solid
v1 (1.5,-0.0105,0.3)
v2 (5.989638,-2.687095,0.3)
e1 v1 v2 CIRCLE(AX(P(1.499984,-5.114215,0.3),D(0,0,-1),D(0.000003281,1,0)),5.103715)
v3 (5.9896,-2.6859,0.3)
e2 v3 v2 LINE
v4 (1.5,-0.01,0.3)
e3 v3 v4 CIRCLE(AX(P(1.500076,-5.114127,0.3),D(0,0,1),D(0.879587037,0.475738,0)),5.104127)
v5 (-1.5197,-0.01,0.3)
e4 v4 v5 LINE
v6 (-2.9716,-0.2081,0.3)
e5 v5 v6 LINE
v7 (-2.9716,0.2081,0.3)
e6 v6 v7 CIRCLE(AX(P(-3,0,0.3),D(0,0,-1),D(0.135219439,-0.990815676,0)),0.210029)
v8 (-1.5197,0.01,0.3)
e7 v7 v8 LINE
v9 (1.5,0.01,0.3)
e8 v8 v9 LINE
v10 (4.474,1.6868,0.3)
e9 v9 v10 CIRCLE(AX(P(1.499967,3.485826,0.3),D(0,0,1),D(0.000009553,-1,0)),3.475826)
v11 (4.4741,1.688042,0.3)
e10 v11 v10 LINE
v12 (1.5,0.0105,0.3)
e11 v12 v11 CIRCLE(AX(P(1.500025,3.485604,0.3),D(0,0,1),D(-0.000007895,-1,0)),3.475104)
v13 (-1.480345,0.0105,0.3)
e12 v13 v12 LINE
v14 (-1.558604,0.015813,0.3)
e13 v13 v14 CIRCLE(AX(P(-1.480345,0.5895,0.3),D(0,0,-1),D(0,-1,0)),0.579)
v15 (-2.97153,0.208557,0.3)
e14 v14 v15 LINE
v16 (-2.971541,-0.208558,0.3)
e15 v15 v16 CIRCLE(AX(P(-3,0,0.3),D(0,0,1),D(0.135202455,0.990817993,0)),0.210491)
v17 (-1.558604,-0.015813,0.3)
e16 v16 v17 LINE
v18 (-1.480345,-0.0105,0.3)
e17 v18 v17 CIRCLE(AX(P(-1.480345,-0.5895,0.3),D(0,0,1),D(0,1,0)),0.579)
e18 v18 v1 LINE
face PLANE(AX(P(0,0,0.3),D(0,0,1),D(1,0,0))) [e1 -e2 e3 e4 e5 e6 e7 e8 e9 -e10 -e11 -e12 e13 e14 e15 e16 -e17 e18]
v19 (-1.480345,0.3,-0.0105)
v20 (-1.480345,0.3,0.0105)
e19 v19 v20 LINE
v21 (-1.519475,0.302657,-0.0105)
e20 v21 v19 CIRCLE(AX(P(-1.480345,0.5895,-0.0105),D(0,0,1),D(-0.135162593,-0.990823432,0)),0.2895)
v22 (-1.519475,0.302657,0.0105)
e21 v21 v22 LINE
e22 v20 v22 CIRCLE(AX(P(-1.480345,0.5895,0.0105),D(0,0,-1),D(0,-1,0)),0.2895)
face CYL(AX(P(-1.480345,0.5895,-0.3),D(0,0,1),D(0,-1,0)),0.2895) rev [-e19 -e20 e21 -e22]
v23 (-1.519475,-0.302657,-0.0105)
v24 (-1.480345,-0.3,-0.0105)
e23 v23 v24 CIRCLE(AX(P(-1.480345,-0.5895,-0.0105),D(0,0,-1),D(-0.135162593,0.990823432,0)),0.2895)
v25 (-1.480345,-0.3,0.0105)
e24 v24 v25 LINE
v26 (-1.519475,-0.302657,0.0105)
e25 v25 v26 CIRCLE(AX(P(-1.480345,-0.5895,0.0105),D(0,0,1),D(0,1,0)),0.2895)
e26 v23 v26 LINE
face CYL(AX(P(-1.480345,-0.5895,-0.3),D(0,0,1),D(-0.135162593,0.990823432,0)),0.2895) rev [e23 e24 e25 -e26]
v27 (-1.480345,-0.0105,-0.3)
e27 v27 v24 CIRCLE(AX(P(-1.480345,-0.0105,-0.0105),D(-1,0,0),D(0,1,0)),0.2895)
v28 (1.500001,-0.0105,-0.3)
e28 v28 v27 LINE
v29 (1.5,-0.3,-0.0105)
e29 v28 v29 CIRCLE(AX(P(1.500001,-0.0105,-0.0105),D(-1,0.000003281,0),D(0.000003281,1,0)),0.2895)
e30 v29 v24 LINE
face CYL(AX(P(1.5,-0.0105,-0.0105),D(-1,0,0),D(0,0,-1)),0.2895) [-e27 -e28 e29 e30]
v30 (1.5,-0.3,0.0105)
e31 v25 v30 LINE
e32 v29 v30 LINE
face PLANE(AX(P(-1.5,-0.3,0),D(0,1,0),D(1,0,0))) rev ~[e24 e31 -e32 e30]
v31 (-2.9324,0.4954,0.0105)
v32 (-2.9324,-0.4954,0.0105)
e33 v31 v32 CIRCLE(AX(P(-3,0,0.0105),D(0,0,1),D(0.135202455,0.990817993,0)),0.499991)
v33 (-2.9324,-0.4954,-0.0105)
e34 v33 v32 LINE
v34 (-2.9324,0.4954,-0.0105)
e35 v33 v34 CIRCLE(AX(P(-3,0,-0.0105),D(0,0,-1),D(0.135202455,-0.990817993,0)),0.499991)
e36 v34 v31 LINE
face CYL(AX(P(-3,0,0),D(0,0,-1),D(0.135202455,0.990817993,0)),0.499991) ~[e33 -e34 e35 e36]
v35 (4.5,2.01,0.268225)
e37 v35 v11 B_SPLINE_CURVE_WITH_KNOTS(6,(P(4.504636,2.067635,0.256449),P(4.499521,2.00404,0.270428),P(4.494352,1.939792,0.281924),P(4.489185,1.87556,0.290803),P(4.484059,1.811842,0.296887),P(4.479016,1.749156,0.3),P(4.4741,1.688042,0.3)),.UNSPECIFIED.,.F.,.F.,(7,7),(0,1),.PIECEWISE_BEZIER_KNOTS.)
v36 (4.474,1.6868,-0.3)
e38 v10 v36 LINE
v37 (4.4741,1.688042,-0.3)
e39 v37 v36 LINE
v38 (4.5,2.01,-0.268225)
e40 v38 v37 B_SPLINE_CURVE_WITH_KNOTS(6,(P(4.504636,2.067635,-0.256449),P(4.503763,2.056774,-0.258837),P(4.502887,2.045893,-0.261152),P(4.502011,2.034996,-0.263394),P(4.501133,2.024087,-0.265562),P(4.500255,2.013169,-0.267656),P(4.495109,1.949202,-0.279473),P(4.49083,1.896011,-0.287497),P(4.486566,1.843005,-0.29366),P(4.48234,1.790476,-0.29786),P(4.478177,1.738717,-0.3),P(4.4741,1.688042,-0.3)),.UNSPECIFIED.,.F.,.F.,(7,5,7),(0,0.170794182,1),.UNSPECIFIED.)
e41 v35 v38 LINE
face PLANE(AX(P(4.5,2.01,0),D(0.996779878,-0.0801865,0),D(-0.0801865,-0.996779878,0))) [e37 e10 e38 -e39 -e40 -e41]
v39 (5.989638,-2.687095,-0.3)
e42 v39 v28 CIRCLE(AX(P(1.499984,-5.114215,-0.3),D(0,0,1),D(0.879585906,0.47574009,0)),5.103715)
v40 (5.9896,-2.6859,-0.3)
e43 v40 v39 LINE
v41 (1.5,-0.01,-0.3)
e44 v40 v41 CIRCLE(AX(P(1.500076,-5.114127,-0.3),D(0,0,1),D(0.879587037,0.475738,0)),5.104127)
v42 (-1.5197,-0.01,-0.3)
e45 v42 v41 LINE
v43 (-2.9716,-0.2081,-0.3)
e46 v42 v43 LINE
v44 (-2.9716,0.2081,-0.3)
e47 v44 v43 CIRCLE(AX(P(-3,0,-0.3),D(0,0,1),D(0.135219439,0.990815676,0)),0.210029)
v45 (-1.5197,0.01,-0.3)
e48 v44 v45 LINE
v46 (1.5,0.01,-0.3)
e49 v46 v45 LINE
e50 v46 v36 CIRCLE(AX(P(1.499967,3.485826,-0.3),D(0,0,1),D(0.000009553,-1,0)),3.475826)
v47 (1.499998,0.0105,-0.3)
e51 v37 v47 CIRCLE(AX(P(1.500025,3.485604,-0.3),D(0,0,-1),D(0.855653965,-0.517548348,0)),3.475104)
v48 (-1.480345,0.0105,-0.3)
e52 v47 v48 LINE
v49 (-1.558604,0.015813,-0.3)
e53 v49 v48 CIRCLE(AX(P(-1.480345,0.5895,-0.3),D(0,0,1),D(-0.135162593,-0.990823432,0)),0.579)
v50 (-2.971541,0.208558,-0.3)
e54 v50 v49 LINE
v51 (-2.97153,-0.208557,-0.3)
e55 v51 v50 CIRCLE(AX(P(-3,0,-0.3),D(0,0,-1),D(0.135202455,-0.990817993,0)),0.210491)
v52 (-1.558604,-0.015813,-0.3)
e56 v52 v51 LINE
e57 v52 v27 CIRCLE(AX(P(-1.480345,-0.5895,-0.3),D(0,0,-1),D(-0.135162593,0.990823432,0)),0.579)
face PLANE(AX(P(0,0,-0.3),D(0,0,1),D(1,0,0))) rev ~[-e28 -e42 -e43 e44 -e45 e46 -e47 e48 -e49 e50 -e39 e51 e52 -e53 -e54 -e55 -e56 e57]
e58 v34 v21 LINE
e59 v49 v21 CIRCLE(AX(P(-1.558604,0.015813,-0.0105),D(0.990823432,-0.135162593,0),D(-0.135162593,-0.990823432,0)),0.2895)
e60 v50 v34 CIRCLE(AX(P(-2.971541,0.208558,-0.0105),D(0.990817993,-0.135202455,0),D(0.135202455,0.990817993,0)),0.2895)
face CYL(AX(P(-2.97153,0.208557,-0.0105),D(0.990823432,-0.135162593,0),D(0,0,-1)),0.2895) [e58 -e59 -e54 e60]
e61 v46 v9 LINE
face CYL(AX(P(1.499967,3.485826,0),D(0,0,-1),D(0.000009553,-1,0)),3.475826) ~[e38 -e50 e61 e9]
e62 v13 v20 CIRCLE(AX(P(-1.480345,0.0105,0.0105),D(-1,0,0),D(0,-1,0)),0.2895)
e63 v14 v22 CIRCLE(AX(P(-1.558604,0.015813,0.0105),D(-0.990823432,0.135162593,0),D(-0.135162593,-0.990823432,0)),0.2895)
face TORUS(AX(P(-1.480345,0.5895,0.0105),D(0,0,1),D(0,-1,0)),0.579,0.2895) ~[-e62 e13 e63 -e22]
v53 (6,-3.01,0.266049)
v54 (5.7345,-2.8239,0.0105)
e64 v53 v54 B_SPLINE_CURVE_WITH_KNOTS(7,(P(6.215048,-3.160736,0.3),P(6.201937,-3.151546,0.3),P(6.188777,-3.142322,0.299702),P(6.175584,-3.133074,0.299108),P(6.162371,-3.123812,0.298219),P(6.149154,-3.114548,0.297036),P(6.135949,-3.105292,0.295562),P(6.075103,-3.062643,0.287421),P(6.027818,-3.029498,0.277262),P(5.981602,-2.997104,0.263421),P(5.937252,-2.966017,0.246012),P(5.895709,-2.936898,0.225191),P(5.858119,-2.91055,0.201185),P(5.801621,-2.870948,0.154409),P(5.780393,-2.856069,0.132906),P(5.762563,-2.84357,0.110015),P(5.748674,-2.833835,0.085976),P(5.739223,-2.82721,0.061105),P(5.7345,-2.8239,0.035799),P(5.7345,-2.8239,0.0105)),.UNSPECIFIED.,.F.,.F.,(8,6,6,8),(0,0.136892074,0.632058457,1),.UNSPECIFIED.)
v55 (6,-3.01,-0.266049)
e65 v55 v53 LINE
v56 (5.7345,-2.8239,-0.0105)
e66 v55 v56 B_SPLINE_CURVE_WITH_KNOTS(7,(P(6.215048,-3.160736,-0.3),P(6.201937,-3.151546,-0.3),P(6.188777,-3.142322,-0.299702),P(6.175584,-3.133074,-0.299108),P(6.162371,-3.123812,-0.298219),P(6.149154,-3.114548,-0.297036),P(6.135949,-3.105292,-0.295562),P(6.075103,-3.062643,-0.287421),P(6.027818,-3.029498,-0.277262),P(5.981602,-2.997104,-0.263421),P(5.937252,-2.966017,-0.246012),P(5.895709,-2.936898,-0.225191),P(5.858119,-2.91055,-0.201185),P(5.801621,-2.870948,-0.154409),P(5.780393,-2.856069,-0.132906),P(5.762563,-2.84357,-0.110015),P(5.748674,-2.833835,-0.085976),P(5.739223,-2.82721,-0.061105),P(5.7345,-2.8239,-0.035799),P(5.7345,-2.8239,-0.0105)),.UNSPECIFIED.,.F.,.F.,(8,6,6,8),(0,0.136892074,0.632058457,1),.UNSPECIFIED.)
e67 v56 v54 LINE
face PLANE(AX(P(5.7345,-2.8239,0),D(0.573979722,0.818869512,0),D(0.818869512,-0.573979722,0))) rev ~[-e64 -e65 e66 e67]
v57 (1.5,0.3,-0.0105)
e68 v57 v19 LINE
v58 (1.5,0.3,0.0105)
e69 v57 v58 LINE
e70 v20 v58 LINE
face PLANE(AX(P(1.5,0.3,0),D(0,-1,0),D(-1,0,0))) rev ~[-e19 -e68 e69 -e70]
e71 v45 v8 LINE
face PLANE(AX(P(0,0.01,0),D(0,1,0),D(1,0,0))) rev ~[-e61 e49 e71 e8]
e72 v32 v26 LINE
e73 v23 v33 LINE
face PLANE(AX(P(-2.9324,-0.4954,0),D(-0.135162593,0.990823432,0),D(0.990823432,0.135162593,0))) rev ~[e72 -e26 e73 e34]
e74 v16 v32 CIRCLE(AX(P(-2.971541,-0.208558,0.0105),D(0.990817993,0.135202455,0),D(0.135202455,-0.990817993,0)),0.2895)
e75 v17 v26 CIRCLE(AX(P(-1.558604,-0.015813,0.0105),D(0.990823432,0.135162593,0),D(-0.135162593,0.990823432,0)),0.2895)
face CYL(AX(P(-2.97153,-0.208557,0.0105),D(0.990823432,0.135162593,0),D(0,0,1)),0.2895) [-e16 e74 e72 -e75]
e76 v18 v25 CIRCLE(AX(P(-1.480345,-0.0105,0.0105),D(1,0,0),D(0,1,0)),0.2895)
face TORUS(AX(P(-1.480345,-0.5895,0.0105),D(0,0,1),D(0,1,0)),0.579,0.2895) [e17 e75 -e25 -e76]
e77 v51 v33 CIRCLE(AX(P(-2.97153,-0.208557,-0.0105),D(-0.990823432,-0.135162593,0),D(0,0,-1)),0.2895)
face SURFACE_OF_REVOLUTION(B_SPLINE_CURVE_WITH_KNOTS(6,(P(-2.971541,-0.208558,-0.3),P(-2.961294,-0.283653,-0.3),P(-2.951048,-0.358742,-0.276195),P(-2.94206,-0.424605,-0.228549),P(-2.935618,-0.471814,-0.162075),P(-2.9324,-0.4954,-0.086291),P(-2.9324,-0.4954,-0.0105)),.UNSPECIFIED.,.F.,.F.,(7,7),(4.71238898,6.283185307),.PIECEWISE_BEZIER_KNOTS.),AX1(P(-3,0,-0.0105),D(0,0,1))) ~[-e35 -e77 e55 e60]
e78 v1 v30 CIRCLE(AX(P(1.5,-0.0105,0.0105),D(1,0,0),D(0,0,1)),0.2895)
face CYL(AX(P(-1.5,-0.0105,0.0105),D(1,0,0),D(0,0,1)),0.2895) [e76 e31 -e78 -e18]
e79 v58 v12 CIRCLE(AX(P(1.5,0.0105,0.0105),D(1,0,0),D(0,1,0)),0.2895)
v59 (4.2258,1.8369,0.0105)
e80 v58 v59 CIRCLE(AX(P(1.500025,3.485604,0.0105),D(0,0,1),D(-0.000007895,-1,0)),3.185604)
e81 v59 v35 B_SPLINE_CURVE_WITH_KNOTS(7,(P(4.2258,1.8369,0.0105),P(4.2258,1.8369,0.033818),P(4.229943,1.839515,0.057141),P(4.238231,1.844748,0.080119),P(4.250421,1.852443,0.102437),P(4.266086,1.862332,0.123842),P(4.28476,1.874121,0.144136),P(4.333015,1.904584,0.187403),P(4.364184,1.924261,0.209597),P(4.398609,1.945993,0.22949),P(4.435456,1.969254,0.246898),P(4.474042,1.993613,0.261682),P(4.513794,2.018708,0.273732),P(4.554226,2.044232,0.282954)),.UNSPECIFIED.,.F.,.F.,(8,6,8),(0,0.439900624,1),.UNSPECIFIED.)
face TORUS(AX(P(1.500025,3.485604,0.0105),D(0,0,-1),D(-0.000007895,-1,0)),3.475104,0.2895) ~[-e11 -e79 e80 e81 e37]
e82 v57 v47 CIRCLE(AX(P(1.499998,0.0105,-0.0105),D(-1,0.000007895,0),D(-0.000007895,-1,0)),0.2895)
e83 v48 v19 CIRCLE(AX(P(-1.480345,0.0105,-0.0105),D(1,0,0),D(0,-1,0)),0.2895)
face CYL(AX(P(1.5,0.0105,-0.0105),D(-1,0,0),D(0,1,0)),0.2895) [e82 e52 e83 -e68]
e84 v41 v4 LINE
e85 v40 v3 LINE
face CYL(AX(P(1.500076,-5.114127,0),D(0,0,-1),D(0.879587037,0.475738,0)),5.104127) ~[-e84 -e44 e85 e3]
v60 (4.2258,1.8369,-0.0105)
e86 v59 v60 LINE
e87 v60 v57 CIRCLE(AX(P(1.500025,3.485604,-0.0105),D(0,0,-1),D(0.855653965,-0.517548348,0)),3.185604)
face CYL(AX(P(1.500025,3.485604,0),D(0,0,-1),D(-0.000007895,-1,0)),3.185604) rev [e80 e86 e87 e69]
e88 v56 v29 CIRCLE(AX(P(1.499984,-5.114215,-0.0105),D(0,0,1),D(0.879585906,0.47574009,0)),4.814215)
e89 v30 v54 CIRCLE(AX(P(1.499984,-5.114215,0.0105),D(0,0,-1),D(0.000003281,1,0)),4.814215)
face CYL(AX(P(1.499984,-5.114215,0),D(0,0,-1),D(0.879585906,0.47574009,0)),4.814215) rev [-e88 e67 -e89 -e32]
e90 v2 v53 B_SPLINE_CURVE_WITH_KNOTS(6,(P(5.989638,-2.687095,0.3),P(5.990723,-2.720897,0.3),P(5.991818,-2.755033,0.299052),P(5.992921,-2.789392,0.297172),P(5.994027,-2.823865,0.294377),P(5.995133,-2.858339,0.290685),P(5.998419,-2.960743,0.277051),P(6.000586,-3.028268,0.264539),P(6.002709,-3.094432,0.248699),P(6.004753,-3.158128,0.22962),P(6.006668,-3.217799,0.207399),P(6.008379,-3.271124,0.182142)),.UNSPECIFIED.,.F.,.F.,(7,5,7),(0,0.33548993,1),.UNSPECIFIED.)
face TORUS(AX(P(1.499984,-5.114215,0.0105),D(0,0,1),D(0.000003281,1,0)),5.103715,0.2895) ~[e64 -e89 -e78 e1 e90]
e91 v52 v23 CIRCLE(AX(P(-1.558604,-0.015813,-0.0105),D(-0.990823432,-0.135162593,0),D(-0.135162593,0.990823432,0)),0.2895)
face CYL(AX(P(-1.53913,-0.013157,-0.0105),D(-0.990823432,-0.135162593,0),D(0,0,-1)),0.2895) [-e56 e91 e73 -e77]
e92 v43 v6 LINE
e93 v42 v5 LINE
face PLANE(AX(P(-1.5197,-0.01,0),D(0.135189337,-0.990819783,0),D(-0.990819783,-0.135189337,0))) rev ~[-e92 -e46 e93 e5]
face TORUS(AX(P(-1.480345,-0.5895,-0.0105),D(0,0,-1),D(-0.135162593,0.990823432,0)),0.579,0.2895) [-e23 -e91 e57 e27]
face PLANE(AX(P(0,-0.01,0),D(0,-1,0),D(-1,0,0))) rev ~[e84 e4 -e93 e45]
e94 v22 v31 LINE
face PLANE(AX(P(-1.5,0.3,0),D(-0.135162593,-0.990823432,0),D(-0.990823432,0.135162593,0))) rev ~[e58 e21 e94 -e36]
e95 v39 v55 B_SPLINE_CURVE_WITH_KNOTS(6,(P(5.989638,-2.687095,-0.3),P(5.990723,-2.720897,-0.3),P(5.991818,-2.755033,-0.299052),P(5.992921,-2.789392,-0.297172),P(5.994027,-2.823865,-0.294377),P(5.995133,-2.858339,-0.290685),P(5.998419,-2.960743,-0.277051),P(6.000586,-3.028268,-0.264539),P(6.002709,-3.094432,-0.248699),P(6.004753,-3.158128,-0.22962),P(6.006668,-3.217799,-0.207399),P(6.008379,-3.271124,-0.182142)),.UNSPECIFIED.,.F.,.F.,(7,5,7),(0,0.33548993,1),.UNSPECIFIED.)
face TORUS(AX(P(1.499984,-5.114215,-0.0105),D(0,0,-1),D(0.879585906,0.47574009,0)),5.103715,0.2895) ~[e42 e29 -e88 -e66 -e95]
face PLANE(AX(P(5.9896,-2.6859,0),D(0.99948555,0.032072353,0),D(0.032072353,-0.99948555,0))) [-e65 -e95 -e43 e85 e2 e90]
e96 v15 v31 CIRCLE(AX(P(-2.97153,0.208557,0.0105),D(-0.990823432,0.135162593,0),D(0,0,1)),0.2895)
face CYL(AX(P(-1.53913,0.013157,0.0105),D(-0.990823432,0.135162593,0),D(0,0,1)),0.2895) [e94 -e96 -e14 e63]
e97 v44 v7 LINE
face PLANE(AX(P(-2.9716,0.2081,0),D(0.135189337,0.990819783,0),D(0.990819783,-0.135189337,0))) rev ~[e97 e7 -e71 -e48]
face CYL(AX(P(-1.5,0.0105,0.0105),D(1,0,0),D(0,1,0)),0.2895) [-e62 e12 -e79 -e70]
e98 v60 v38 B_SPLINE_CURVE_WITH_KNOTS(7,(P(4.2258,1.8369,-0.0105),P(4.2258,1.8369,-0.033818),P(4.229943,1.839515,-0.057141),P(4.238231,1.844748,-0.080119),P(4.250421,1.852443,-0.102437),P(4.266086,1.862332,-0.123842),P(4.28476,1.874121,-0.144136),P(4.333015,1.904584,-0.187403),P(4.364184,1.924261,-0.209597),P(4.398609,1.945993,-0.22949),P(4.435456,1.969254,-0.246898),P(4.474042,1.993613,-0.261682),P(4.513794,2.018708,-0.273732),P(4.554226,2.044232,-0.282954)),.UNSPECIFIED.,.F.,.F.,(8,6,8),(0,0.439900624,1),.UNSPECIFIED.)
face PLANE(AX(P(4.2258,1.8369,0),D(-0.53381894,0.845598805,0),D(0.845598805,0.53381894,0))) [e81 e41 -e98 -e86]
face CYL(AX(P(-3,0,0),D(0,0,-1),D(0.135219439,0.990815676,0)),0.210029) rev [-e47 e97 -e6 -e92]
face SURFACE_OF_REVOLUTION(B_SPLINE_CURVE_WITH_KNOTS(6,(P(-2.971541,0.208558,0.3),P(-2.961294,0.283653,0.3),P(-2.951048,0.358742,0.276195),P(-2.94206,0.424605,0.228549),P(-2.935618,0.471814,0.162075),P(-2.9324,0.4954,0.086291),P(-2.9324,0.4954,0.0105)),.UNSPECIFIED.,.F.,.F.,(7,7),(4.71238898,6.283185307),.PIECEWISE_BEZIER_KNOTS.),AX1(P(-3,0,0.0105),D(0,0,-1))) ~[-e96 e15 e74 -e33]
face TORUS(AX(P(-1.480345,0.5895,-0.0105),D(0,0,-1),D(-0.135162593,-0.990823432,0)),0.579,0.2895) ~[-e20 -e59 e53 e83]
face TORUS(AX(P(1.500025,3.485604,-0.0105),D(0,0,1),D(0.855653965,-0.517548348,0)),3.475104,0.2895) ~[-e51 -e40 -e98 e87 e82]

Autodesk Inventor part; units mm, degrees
sketch "Skizze1" plane through (0, 0, 0) normal (0, 0, 1) x (1, 0, 0)
  line L0 (1.5, 0.3) -> (-1.5, 0.3)
  line L1 (-1.5, 0.3) -> (-2.9324, 0.4954)
  arc A0 (-2.9324, 0.4954) -> (-2.9324, -0.4954) centre (-3, 0) ccw
  line L2 (-2.9324, -0.4954) -> (-1.5, -0.3)
  line L3 (-1.5, -0.3) -> (1.5, -0.3)
  line L4 (1.5, -0.01) -> (-1.5197, -0.01)
  line L5 (-1.5197, -0.01) -> (-2.9716, -0.2081)
  arc A1 (-2.9716, 0.2081) -> (-2.9716, -0.2081) centre (-3, 0) ccw
  line L6 (-2.9716, 0.2081) -> (-1.5197, 0.01)
  line L7 (-1.5197, 0.01) -> (1.5, 0.01)
  arc A2 (1.5, 0.3) -> (4.2258, 1.8369) centre (1.5, 3.4857) ccw
  arc A3 (1.5, 0.01) -> (4.474, 1.6868) centre (1.5, 3.4857) ccw
  arc A4 (5.9896, -2.6859) -> (1.5, -0.01) centre (1.5, -5.1142) ccw
  arc A5 (5.7345, -2.8239) -> (1.5, -0.3) centre (1.5, -5.1142) ccw
  line L8 (4.2258, 1.8369) -> (4.5, 2.01)
  line L9 (4.5, 2.01) -> (4.474, 1.6868)
  line L10 (5.9896, -2.6859) -> (6, -3.01)
  line L11 (5.7345, -2.8239) -> (6, -3.01)
  line L12 (-49.8, 0) -> (53.8, 0) projected
  line L13 (1.5, 0.3) -> (1.5, 0.01) construction
  line L14 (1.5, -0.01) -> (1.5, -0.3) construction
  line L15 (-3.5, 0) -> (-3.5, 15.6092) construction
  line L16 (-2.9324, 0.4954) -> (-2.9716, 0.2081) construction
  line L17 (4.2258, 1.8369) -> (4.474, 1.6868) construction
  line L18 (4.3499, 1.7619) -> (4.5, 2.01) construction
  line L19 (5.9896, -2.6859) -> (5.7345, -2.8239) construction
  line L20 (5.862, -2.7549) -> (6, -3.01) construction
  line L21 (0, 30.8096) -> (0, -39.7395) projected
  line L22 (-1.5, -0.3) -> (1.5, 0.3) construction
  point P0 (0, 0)
  dimension "d1" = 3
  dimension "d2" = 2
  dimension "d10" = 1
  dimension "d11" = 0.6
  dimension "d12" = 0.29
  dimension "d13" = 2
  dimension "d15" = 3
  dimension "d16" = 3
  dimension "d17" = 4.5
  dimension "d26" = 0.29
extrude "Extrusion1" add sketch "Skizze1" along normal mid plane 0.6 contours A2 L8 L9 A3 L7 L21 L0 | L21 L7 L6 A1 L12 A0 L1 L0 | L12 A1 L5 L4 L21 L3 L2 A0 | L4 A4 L10 L11 A5 L3 L21
fillet "Rundung1" radius 0.29 16 edges at (0, 0.3, 0.3) (3.0646, 0.7107, 0.3) (0, -0.3, 0.3) (3.9648, -0.9788, 0.3) (-2.2162, -0.3977, 0.3) (-3.5, 0, 0.3) (-2.2162, 0.3977, 0.3) (-3.5, 0, -0.3) (-2.2162, -0.3977, -0.3) (-2.2162, 0.3977, -0.3) (0, 0.3, -0.3) (3.0646, 0.7107, -0.3) (0, -0.3, -0.3) (3.9648, -0.9788, -0.3) (-1.5, 0.3, 0) (-1.5, -0.3, 0)
ref_plane "MSC_PF1" through (0, 0, 0) normal (1, 0, 0) x (0, 1, 0)
ref_plane "MSC_PT1" through (1.3676, -0.01, -0.3) normal (0, 0, -1) x (-1, 0, 0)
ref_plane "IDS_WORKPLANE{1}" through (-1.4803, -0.3, 0.01) normal (1, 0, 0) x (0, 1, 0)
equation "\"d1\" = v"
equation "\"d2\" = 0.666667 * d1"
equation "\"d10\" = ParC"
equation "\"d11\" = Diam"
equation "\"d13\" = b"
equation "\"d15\" = prf_lf"
equation "\"d16\" = 1.5 * d2"
equation "\"d17\" = 1.5 * d1"
equation "\"d26\" = d12"
equation "\"d18\" = Diam"
equation "\"d20\" = d12"
equation "\"msp_BendRadius\" = msp_Thickness"
equation "\"msp_BendReliefWidth\" = msp_Thickness"
equation "\"msp_BendReliefDepth\" = 0.5 * msp_Thickness"
equation "\"msp_CornerReliefSize\" = 4 * msp_Thickness"
equation "\"msp_MinimumRemnant\" = 2 * msp_Thickness"
equation "\"msp_TransitionRadius\" = msp_BendRadius"
equation "\"b\" = 2"
equation "\"ParC\" = 1"
equation "\"Diam\" = 0.6"
equation "\"v\" = 3"
equation "\"prf_lf\" = 3"
equation "\"JacobiRadiusSize\" = msp_Thickness"
equation "\"GapSize\" = msp_Thickness"
equation "\"msp_Thickness\" = 0.5"
properties part number "DIN EN ISO 1234 - 0,6x6" material "Stahl"
